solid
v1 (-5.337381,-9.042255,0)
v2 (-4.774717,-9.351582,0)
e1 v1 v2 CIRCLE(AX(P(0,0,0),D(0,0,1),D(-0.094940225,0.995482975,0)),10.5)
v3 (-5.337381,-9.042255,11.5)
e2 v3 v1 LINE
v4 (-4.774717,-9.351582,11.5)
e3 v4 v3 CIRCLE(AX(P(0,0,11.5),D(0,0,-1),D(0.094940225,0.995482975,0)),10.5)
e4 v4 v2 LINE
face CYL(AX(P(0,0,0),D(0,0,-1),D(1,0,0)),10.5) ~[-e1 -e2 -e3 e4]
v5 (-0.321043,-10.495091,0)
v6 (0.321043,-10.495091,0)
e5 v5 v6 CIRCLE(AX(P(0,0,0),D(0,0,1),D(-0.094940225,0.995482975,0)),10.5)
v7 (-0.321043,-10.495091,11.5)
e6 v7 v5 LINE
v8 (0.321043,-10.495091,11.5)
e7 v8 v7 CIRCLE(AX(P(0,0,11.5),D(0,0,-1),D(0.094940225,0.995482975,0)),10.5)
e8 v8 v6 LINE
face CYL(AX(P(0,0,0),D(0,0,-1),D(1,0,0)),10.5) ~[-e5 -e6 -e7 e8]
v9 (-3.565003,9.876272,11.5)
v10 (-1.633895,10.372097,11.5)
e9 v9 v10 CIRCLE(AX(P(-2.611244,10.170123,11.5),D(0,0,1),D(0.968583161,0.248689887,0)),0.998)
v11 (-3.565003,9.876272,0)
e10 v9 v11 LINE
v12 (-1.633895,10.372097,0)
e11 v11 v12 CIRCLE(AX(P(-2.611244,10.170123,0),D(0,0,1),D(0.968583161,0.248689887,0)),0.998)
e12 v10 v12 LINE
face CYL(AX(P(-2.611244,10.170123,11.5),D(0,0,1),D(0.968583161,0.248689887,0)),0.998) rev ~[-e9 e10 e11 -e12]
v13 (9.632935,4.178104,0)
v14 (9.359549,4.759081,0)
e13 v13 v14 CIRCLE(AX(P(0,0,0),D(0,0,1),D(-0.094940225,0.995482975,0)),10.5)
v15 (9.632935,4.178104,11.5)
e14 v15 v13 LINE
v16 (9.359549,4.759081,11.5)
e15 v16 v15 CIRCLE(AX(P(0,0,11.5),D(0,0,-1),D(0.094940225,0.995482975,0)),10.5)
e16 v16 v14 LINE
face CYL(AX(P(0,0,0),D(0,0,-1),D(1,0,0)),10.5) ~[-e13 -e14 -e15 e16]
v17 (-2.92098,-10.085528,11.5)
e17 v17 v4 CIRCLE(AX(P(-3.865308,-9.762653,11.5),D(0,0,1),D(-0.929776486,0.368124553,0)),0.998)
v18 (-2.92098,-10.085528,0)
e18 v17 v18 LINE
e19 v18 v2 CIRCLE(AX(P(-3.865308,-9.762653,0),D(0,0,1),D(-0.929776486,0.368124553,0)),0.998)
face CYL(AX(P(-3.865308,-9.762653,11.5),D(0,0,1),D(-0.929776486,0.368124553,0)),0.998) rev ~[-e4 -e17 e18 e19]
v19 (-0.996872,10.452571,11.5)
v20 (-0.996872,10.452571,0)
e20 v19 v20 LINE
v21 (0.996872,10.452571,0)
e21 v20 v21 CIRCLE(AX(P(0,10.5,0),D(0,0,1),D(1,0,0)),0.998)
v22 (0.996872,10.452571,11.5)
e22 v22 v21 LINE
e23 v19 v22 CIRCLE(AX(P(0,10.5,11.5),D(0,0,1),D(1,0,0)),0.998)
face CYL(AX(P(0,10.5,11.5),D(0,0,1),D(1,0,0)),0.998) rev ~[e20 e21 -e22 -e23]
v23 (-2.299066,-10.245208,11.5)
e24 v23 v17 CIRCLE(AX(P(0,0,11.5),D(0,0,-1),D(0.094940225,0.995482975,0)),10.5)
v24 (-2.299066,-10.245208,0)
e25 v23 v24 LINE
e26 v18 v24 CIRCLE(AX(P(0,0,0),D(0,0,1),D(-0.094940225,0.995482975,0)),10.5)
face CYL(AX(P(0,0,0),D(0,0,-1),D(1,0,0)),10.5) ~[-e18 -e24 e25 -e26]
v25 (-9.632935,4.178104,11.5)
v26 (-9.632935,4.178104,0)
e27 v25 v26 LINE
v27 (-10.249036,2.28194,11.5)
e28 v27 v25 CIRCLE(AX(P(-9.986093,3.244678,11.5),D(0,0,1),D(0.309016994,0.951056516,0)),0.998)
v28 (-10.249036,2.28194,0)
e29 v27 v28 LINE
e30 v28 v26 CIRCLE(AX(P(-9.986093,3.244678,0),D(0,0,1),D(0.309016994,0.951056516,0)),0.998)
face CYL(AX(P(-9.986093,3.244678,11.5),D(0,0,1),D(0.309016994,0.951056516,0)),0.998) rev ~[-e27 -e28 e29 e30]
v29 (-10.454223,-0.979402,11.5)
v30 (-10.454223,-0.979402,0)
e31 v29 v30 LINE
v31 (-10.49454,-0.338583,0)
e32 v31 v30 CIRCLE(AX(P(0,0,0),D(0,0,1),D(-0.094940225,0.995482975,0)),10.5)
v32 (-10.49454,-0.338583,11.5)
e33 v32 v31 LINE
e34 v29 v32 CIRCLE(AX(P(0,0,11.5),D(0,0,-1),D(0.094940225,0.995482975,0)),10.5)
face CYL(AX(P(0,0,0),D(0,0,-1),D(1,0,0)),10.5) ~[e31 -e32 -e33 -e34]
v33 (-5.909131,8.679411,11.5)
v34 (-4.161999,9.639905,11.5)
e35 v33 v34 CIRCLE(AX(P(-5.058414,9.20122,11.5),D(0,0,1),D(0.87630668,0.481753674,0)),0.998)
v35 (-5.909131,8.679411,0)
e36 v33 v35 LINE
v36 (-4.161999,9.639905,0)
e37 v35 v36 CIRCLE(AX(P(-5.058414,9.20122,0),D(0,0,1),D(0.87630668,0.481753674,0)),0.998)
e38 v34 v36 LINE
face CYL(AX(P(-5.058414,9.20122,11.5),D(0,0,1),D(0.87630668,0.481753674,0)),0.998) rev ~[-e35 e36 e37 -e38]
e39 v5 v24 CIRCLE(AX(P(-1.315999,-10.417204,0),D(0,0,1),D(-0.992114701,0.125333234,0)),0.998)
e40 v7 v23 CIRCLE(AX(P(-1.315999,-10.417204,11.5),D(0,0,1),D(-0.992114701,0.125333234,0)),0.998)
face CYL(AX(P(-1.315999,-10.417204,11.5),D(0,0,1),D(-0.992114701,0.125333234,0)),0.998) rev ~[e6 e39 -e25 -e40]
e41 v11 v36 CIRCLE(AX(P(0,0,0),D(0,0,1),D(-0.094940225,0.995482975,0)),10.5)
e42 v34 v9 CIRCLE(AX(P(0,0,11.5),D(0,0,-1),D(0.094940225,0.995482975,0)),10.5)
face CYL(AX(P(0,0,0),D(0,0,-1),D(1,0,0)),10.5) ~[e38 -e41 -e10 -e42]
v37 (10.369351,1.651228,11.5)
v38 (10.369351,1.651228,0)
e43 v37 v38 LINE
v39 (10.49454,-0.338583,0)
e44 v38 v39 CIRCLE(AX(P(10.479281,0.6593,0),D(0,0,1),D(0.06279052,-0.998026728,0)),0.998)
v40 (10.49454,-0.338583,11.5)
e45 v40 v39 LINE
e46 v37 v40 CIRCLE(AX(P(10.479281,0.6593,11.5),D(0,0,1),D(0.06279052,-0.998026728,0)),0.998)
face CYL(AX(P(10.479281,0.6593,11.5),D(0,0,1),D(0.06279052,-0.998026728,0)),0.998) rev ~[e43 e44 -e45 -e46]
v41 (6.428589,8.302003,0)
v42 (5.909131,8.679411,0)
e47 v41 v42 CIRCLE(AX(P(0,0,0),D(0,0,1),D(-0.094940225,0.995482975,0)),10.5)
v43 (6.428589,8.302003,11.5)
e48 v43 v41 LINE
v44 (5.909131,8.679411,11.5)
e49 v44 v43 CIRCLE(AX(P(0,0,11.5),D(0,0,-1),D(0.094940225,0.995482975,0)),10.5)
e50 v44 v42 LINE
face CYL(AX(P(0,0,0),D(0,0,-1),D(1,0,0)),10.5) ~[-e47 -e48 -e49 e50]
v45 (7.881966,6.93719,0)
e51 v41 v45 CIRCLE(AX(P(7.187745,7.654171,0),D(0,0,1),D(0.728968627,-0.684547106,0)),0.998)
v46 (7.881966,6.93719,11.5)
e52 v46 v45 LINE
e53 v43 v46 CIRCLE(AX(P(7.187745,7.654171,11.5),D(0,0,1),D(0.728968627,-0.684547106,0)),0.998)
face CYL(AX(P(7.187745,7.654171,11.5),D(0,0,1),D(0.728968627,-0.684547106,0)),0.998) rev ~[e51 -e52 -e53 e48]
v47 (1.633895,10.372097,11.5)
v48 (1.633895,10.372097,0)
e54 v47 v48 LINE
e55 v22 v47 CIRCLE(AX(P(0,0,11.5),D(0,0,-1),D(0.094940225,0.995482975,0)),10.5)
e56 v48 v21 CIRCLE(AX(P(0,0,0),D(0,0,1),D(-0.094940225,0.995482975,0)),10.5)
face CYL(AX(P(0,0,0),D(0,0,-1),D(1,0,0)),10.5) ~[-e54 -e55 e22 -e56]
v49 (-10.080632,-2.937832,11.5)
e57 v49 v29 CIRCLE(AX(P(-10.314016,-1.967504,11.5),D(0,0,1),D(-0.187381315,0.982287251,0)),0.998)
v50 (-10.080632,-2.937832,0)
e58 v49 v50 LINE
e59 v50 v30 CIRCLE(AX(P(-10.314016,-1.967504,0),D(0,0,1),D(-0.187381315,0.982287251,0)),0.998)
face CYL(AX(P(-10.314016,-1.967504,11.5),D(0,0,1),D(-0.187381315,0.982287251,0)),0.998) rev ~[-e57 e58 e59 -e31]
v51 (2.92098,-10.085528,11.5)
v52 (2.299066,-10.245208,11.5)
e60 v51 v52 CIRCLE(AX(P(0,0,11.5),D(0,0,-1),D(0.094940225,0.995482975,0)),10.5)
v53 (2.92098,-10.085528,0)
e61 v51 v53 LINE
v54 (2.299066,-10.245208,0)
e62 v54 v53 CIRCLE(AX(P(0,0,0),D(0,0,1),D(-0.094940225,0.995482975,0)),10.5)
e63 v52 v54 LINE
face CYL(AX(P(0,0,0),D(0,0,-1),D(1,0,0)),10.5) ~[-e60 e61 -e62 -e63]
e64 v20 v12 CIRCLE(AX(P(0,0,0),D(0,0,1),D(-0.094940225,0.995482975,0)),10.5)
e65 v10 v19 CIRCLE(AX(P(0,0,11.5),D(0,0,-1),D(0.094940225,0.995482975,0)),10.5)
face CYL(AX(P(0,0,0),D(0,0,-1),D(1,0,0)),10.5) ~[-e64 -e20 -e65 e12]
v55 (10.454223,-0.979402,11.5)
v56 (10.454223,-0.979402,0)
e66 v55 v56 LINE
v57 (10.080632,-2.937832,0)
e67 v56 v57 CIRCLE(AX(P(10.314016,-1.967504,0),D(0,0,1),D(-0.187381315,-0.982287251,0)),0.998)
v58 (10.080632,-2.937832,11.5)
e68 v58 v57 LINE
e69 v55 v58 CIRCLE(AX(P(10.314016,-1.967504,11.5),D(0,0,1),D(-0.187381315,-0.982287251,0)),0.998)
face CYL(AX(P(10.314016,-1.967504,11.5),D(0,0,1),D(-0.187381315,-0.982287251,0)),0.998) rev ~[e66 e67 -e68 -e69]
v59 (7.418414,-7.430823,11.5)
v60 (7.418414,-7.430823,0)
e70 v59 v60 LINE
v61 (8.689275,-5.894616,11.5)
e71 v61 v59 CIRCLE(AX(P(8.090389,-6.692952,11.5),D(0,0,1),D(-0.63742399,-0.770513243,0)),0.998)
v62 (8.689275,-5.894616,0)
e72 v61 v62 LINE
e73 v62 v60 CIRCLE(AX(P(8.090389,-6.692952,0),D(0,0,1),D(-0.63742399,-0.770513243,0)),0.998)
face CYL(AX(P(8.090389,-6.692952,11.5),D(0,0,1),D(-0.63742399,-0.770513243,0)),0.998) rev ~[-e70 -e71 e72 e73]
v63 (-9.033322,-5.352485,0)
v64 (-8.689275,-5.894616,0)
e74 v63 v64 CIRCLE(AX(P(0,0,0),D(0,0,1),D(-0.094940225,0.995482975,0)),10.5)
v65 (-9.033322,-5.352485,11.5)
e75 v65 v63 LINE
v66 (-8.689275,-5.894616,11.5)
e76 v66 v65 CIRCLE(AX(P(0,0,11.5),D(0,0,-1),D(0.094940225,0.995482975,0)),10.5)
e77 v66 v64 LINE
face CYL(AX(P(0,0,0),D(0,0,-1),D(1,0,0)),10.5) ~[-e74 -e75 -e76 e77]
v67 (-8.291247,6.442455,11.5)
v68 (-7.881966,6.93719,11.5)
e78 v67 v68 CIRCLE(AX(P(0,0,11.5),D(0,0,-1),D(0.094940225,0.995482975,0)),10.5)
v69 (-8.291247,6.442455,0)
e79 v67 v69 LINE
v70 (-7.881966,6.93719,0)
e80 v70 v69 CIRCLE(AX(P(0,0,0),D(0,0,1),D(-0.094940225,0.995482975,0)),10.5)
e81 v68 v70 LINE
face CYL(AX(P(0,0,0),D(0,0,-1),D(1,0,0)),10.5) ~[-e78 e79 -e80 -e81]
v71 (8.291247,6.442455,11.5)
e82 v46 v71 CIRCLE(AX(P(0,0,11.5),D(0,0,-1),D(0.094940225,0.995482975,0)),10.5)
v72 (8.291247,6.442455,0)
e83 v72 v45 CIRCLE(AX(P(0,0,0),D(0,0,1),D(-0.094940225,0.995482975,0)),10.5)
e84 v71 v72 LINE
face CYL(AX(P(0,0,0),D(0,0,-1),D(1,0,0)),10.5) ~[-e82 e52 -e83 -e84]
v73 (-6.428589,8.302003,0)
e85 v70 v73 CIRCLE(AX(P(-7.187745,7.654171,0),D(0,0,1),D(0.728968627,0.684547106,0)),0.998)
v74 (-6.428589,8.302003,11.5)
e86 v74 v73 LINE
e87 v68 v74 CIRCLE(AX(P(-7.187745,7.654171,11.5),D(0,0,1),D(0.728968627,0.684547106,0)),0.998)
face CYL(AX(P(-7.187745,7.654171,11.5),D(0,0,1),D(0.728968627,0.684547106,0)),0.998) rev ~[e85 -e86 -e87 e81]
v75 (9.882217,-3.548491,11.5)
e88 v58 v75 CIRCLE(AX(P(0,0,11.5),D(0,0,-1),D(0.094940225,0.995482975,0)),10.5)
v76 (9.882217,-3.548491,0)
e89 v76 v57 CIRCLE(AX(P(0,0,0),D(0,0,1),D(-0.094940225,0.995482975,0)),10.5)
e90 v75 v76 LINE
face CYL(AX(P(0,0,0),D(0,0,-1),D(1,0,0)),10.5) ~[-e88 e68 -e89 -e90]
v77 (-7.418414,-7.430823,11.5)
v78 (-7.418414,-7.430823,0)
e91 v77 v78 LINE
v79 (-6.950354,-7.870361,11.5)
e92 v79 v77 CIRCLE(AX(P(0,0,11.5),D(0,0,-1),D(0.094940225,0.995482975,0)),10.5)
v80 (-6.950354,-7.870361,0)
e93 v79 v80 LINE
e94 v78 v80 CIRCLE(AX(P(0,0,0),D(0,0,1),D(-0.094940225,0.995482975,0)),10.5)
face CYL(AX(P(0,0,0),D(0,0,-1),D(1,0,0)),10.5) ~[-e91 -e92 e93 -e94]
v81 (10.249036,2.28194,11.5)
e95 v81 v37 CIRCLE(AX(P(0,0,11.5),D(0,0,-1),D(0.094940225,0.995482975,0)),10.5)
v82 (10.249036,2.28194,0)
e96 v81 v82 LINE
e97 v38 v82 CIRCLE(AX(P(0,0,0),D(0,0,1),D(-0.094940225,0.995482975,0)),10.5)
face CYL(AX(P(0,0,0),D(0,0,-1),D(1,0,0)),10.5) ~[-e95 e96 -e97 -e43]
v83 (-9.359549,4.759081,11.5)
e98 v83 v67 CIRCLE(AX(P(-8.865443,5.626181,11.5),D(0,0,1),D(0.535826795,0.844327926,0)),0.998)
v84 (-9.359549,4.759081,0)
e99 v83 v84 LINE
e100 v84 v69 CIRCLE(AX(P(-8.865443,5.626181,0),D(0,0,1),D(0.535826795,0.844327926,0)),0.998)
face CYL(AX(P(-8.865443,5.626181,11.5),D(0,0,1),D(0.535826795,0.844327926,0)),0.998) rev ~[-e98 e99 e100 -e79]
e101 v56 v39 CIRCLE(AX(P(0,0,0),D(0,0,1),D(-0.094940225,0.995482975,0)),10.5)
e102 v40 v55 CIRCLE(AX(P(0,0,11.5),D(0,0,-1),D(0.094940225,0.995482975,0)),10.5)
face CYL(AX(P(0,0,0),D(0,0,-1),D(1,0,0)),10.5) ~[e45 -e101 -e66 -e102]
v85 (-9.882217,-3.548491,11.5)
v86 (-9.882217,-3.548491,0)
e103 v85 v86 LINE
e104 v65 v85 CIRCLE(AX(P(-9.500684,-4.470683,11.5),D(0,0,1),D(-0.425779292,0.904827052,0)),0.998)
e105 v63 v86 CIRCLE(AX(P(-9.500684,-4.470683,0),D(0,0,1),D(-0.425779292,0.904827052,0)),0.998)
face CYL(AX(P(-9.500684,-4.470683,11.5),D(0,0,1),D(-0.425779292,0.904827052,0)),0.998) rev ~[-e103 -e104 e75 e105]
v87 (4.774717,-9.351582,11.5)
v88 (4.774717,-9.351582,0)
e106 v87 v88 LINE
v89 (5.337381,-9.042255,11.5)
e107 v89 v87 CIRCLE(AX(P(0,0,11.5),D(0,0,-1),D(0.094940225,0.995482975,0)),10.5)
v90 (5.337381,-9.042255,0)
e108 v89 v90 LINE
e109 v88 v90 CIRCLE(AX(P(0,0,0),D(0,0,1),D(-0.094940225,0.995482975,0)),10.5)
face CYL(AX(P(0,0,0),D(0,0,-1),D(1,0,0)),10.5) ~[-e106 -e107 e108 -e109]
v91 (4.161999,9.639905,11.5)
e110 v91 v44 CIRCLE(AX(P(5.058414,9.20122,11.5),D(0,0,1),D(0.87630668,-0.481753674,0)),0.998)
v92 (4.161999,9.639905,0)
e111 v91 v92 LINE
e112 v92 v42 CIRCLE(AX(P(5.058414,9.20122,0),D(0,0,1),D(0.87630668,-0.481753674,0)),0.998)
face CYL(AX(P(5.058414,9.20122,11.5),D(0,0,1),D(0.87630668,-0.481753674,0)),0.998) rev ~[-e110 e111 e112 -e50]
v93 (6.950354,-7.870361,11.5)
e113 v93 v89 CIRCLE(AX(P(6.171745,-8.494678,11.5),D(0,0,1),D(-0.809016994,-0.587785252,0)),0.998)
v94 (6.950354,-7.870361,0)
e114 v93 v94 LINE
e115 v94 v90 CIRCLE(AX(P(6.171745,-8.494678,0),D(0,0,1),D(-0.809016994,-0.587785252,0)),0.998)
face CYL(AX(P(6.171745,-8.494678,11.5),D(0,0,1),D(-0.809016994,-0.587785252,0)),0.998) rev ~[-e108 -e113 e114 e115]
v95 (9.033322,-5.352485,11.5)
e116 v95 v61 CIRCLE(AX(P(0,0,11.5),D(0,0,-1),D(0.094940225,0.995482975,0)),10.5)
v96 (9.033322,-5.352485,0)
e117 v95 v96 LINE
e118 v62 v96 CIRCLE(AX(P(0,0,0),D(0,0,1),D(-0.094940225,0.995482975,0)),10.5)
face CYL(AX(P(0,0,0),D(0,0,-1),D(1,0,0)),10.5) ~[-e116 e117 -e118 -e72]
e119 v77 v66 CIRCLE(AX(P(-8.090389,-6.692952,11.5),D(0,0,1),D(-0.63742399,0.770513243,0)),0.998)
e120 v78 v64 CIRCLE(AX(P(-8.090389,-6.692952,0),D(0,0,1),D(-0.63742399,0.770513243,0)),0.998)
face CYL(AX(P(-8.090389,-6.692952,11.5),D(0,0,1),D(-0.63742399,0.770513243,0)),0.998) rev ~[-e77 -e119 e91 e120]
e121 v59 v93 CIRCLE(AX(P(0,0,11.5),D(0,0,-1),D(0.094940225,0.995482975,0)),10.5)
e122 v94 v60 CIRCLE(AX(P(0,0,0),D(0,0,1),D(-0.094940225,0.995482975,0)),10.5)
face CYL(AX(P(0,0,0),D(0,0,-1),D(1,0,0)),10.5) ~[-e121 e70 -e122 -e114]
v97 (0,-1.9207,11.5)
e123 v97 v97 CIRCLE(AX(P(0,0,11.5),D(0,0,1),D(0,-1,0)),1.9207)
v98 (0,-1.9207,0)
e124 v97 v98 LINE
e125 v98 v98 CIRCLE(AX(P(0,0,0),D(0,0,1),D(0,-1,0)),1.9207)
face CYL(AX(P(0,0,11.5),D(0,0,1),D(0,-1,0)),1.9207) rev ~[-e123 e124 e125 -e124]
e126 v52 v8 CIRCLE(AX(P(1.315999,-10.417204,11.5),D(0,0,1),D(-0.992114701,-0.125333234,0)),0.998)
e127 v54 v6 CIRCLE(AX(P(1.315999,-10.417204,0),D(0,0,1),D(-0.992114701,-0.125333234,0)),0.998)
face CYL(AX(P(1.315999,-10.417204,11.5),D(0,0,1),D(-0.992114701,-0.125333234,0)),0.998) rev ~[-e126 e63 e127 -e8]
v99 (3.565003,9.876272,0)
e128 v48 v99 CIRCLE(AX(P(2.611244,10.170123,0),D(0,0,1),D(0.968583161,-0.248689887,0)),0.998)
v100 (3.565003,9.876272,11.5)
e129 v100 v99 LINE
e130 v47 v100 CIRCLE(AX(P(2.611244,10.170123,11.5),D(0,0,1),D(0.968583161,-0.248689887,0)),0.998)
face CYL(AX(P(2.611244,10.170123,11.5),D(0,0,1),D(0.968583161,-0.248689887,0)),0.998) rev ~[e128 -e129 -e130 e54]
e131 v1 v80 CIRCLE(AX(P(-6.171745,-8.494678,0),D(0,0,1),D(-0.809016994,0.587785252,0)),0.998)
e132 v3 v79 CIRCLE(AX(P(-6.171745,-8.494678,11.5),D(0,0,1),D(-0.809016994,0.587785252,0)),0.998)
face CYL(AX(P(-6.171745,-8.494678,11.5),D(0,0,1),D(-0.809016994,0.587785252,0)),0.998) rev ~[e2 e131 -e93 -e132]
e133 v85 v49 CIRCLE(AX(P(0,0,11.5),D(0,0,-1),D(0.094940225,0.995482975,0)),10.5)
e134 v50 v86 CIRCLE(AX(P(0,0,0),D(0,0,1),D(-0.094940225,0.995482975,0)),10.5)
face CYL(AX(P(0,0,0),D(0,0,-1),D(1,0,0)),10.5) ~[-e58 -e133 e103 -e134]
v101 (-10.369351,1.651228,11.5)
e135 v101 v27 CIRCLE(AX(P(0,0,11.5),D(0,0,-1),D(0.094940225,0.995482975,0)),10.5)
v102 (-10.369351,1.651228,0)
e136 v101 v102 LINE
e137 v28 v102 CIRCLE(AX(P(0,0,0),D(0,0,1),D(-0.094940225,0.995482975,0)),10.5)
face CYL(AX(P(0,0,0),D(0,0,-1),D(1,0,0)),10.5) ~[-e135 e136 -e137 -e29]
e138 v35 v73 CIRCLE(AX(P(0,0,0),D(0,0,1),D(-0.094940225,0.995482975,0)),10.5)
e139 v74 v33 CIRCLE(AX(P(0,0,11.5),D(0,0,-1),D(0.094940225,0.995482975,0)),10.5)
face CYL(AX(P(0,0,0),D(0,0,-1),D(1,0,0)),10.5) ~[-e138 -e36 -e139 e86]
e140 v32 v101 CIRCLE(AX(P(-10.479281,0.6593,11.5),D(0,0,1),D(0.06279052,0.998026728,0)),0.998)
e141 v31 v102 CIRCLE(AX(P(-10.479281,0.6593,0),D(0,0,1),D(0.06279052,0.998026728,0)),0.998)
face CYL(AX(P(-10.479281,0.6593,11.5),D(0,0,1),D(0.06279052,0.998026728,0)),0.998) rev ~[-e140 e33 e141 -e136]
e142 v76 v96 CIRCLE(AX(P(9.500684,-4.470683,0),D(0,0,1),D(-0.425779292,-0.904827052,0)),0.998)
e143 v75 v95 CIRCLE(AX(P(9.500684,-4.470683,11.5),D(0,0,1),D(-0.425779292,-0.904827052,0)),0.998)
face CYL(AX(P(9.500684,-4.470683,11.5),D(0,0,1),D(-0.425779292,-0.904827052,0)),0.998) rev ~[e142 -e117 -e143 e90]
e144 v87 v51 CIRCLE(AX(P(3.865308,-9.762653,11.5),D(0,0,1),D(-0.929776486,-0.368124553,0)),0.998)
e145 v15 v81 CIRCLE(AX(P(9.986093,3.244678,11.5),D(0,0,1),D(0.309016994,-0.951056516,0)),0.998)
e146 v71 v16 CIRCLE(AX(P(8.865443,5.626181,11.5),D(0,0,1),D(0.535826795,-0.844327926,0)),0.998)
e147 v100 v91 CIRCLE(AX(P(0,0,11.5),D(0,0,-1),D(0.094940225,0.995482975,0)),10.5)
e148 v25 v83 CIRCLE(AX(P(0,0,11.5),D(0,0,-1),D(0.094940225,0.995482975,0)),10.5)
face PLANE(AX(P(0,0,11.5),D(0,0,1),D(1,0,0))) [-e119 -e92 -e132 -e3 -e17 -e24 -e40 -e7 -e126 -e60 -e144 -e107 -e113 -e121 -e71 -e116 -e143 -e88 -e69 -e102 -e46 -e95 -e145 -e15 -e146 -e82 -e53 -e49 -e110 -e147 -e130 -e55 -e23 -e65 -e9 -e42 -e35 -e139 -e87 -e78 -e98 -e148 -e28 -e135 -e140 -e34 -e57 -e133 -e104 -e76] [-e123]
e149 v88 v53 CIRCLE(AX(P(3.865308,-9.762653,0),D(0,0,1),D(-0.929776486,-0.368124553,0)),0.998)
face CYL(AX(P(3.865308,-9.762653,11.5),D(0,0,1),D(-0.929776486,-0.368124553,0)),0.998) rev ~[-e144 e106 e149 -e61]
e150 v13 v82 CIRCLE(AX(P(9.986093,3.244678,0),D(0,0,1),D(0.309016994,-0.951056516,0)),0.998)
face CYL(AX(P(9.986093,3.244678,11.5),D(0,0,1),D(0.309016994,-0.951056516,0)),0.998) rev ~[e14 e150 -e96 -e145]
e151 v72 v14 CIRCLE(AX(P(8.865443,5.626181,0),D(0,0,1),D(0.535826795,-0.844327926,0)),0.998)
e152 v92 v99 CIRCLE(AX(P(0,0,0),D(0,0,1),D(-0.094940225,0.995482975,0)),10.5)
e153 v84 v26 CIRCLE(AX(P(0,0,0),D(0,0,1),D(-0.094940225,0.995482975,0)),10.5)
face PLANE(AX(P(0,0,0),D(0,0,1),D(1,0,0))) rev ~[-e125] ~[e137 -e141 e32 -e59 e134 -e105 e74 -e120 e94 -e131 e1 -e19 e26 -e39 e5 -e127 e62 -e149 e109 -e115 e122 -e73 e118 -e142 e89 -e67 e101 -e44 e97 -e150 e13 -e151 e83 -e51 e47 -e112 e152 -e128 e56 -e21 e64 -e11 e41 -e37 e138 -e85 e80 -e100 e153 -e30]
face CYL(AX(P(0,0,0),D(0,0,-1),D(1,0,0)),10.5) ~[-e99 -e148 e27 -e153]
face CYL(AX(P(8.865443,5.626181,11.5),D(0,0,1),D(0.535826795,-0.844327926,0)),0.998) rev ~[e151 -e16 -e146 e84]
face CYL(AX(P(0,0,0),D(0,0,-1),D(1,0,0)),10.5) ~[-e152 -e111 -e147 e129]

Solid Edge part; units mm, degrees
sketch "Sketch1" plane through (0, 0, 0) normal (0, 0, 1) x (1, 0, 0)
  circle A0 centre (0, 0) radius 10.5
  dimension "D1" = 21
extrude "Ajout_matière_1" add sketch "Sketch1" along normal blind 11.5
sketch "Sketch2" plane through (0, 0, 11.5) normal (0, 0, 1) x (1, 0, 0)
  circle A0 centre (0, 10.5) radius 0.998
extrude "Cutout1" cut sketch "Sketch2" against normal through all
pattern_circular "Pattern1" count 25 over 360 about axis through (0, 0, 11.5) along (0, 0, -1) of "Cutout1"
sketch "Sketch3" plane through (0, -0.0199, 11.5) normal (0, 0, 1) x (0, -1, 0)
  circle A0 centre (-0.0199, 0) radius 1.9207
extrude "Cutout2" cut sketch "Sketch3" along normal through all and the other way through all
properties material "Nylon, usage général"
